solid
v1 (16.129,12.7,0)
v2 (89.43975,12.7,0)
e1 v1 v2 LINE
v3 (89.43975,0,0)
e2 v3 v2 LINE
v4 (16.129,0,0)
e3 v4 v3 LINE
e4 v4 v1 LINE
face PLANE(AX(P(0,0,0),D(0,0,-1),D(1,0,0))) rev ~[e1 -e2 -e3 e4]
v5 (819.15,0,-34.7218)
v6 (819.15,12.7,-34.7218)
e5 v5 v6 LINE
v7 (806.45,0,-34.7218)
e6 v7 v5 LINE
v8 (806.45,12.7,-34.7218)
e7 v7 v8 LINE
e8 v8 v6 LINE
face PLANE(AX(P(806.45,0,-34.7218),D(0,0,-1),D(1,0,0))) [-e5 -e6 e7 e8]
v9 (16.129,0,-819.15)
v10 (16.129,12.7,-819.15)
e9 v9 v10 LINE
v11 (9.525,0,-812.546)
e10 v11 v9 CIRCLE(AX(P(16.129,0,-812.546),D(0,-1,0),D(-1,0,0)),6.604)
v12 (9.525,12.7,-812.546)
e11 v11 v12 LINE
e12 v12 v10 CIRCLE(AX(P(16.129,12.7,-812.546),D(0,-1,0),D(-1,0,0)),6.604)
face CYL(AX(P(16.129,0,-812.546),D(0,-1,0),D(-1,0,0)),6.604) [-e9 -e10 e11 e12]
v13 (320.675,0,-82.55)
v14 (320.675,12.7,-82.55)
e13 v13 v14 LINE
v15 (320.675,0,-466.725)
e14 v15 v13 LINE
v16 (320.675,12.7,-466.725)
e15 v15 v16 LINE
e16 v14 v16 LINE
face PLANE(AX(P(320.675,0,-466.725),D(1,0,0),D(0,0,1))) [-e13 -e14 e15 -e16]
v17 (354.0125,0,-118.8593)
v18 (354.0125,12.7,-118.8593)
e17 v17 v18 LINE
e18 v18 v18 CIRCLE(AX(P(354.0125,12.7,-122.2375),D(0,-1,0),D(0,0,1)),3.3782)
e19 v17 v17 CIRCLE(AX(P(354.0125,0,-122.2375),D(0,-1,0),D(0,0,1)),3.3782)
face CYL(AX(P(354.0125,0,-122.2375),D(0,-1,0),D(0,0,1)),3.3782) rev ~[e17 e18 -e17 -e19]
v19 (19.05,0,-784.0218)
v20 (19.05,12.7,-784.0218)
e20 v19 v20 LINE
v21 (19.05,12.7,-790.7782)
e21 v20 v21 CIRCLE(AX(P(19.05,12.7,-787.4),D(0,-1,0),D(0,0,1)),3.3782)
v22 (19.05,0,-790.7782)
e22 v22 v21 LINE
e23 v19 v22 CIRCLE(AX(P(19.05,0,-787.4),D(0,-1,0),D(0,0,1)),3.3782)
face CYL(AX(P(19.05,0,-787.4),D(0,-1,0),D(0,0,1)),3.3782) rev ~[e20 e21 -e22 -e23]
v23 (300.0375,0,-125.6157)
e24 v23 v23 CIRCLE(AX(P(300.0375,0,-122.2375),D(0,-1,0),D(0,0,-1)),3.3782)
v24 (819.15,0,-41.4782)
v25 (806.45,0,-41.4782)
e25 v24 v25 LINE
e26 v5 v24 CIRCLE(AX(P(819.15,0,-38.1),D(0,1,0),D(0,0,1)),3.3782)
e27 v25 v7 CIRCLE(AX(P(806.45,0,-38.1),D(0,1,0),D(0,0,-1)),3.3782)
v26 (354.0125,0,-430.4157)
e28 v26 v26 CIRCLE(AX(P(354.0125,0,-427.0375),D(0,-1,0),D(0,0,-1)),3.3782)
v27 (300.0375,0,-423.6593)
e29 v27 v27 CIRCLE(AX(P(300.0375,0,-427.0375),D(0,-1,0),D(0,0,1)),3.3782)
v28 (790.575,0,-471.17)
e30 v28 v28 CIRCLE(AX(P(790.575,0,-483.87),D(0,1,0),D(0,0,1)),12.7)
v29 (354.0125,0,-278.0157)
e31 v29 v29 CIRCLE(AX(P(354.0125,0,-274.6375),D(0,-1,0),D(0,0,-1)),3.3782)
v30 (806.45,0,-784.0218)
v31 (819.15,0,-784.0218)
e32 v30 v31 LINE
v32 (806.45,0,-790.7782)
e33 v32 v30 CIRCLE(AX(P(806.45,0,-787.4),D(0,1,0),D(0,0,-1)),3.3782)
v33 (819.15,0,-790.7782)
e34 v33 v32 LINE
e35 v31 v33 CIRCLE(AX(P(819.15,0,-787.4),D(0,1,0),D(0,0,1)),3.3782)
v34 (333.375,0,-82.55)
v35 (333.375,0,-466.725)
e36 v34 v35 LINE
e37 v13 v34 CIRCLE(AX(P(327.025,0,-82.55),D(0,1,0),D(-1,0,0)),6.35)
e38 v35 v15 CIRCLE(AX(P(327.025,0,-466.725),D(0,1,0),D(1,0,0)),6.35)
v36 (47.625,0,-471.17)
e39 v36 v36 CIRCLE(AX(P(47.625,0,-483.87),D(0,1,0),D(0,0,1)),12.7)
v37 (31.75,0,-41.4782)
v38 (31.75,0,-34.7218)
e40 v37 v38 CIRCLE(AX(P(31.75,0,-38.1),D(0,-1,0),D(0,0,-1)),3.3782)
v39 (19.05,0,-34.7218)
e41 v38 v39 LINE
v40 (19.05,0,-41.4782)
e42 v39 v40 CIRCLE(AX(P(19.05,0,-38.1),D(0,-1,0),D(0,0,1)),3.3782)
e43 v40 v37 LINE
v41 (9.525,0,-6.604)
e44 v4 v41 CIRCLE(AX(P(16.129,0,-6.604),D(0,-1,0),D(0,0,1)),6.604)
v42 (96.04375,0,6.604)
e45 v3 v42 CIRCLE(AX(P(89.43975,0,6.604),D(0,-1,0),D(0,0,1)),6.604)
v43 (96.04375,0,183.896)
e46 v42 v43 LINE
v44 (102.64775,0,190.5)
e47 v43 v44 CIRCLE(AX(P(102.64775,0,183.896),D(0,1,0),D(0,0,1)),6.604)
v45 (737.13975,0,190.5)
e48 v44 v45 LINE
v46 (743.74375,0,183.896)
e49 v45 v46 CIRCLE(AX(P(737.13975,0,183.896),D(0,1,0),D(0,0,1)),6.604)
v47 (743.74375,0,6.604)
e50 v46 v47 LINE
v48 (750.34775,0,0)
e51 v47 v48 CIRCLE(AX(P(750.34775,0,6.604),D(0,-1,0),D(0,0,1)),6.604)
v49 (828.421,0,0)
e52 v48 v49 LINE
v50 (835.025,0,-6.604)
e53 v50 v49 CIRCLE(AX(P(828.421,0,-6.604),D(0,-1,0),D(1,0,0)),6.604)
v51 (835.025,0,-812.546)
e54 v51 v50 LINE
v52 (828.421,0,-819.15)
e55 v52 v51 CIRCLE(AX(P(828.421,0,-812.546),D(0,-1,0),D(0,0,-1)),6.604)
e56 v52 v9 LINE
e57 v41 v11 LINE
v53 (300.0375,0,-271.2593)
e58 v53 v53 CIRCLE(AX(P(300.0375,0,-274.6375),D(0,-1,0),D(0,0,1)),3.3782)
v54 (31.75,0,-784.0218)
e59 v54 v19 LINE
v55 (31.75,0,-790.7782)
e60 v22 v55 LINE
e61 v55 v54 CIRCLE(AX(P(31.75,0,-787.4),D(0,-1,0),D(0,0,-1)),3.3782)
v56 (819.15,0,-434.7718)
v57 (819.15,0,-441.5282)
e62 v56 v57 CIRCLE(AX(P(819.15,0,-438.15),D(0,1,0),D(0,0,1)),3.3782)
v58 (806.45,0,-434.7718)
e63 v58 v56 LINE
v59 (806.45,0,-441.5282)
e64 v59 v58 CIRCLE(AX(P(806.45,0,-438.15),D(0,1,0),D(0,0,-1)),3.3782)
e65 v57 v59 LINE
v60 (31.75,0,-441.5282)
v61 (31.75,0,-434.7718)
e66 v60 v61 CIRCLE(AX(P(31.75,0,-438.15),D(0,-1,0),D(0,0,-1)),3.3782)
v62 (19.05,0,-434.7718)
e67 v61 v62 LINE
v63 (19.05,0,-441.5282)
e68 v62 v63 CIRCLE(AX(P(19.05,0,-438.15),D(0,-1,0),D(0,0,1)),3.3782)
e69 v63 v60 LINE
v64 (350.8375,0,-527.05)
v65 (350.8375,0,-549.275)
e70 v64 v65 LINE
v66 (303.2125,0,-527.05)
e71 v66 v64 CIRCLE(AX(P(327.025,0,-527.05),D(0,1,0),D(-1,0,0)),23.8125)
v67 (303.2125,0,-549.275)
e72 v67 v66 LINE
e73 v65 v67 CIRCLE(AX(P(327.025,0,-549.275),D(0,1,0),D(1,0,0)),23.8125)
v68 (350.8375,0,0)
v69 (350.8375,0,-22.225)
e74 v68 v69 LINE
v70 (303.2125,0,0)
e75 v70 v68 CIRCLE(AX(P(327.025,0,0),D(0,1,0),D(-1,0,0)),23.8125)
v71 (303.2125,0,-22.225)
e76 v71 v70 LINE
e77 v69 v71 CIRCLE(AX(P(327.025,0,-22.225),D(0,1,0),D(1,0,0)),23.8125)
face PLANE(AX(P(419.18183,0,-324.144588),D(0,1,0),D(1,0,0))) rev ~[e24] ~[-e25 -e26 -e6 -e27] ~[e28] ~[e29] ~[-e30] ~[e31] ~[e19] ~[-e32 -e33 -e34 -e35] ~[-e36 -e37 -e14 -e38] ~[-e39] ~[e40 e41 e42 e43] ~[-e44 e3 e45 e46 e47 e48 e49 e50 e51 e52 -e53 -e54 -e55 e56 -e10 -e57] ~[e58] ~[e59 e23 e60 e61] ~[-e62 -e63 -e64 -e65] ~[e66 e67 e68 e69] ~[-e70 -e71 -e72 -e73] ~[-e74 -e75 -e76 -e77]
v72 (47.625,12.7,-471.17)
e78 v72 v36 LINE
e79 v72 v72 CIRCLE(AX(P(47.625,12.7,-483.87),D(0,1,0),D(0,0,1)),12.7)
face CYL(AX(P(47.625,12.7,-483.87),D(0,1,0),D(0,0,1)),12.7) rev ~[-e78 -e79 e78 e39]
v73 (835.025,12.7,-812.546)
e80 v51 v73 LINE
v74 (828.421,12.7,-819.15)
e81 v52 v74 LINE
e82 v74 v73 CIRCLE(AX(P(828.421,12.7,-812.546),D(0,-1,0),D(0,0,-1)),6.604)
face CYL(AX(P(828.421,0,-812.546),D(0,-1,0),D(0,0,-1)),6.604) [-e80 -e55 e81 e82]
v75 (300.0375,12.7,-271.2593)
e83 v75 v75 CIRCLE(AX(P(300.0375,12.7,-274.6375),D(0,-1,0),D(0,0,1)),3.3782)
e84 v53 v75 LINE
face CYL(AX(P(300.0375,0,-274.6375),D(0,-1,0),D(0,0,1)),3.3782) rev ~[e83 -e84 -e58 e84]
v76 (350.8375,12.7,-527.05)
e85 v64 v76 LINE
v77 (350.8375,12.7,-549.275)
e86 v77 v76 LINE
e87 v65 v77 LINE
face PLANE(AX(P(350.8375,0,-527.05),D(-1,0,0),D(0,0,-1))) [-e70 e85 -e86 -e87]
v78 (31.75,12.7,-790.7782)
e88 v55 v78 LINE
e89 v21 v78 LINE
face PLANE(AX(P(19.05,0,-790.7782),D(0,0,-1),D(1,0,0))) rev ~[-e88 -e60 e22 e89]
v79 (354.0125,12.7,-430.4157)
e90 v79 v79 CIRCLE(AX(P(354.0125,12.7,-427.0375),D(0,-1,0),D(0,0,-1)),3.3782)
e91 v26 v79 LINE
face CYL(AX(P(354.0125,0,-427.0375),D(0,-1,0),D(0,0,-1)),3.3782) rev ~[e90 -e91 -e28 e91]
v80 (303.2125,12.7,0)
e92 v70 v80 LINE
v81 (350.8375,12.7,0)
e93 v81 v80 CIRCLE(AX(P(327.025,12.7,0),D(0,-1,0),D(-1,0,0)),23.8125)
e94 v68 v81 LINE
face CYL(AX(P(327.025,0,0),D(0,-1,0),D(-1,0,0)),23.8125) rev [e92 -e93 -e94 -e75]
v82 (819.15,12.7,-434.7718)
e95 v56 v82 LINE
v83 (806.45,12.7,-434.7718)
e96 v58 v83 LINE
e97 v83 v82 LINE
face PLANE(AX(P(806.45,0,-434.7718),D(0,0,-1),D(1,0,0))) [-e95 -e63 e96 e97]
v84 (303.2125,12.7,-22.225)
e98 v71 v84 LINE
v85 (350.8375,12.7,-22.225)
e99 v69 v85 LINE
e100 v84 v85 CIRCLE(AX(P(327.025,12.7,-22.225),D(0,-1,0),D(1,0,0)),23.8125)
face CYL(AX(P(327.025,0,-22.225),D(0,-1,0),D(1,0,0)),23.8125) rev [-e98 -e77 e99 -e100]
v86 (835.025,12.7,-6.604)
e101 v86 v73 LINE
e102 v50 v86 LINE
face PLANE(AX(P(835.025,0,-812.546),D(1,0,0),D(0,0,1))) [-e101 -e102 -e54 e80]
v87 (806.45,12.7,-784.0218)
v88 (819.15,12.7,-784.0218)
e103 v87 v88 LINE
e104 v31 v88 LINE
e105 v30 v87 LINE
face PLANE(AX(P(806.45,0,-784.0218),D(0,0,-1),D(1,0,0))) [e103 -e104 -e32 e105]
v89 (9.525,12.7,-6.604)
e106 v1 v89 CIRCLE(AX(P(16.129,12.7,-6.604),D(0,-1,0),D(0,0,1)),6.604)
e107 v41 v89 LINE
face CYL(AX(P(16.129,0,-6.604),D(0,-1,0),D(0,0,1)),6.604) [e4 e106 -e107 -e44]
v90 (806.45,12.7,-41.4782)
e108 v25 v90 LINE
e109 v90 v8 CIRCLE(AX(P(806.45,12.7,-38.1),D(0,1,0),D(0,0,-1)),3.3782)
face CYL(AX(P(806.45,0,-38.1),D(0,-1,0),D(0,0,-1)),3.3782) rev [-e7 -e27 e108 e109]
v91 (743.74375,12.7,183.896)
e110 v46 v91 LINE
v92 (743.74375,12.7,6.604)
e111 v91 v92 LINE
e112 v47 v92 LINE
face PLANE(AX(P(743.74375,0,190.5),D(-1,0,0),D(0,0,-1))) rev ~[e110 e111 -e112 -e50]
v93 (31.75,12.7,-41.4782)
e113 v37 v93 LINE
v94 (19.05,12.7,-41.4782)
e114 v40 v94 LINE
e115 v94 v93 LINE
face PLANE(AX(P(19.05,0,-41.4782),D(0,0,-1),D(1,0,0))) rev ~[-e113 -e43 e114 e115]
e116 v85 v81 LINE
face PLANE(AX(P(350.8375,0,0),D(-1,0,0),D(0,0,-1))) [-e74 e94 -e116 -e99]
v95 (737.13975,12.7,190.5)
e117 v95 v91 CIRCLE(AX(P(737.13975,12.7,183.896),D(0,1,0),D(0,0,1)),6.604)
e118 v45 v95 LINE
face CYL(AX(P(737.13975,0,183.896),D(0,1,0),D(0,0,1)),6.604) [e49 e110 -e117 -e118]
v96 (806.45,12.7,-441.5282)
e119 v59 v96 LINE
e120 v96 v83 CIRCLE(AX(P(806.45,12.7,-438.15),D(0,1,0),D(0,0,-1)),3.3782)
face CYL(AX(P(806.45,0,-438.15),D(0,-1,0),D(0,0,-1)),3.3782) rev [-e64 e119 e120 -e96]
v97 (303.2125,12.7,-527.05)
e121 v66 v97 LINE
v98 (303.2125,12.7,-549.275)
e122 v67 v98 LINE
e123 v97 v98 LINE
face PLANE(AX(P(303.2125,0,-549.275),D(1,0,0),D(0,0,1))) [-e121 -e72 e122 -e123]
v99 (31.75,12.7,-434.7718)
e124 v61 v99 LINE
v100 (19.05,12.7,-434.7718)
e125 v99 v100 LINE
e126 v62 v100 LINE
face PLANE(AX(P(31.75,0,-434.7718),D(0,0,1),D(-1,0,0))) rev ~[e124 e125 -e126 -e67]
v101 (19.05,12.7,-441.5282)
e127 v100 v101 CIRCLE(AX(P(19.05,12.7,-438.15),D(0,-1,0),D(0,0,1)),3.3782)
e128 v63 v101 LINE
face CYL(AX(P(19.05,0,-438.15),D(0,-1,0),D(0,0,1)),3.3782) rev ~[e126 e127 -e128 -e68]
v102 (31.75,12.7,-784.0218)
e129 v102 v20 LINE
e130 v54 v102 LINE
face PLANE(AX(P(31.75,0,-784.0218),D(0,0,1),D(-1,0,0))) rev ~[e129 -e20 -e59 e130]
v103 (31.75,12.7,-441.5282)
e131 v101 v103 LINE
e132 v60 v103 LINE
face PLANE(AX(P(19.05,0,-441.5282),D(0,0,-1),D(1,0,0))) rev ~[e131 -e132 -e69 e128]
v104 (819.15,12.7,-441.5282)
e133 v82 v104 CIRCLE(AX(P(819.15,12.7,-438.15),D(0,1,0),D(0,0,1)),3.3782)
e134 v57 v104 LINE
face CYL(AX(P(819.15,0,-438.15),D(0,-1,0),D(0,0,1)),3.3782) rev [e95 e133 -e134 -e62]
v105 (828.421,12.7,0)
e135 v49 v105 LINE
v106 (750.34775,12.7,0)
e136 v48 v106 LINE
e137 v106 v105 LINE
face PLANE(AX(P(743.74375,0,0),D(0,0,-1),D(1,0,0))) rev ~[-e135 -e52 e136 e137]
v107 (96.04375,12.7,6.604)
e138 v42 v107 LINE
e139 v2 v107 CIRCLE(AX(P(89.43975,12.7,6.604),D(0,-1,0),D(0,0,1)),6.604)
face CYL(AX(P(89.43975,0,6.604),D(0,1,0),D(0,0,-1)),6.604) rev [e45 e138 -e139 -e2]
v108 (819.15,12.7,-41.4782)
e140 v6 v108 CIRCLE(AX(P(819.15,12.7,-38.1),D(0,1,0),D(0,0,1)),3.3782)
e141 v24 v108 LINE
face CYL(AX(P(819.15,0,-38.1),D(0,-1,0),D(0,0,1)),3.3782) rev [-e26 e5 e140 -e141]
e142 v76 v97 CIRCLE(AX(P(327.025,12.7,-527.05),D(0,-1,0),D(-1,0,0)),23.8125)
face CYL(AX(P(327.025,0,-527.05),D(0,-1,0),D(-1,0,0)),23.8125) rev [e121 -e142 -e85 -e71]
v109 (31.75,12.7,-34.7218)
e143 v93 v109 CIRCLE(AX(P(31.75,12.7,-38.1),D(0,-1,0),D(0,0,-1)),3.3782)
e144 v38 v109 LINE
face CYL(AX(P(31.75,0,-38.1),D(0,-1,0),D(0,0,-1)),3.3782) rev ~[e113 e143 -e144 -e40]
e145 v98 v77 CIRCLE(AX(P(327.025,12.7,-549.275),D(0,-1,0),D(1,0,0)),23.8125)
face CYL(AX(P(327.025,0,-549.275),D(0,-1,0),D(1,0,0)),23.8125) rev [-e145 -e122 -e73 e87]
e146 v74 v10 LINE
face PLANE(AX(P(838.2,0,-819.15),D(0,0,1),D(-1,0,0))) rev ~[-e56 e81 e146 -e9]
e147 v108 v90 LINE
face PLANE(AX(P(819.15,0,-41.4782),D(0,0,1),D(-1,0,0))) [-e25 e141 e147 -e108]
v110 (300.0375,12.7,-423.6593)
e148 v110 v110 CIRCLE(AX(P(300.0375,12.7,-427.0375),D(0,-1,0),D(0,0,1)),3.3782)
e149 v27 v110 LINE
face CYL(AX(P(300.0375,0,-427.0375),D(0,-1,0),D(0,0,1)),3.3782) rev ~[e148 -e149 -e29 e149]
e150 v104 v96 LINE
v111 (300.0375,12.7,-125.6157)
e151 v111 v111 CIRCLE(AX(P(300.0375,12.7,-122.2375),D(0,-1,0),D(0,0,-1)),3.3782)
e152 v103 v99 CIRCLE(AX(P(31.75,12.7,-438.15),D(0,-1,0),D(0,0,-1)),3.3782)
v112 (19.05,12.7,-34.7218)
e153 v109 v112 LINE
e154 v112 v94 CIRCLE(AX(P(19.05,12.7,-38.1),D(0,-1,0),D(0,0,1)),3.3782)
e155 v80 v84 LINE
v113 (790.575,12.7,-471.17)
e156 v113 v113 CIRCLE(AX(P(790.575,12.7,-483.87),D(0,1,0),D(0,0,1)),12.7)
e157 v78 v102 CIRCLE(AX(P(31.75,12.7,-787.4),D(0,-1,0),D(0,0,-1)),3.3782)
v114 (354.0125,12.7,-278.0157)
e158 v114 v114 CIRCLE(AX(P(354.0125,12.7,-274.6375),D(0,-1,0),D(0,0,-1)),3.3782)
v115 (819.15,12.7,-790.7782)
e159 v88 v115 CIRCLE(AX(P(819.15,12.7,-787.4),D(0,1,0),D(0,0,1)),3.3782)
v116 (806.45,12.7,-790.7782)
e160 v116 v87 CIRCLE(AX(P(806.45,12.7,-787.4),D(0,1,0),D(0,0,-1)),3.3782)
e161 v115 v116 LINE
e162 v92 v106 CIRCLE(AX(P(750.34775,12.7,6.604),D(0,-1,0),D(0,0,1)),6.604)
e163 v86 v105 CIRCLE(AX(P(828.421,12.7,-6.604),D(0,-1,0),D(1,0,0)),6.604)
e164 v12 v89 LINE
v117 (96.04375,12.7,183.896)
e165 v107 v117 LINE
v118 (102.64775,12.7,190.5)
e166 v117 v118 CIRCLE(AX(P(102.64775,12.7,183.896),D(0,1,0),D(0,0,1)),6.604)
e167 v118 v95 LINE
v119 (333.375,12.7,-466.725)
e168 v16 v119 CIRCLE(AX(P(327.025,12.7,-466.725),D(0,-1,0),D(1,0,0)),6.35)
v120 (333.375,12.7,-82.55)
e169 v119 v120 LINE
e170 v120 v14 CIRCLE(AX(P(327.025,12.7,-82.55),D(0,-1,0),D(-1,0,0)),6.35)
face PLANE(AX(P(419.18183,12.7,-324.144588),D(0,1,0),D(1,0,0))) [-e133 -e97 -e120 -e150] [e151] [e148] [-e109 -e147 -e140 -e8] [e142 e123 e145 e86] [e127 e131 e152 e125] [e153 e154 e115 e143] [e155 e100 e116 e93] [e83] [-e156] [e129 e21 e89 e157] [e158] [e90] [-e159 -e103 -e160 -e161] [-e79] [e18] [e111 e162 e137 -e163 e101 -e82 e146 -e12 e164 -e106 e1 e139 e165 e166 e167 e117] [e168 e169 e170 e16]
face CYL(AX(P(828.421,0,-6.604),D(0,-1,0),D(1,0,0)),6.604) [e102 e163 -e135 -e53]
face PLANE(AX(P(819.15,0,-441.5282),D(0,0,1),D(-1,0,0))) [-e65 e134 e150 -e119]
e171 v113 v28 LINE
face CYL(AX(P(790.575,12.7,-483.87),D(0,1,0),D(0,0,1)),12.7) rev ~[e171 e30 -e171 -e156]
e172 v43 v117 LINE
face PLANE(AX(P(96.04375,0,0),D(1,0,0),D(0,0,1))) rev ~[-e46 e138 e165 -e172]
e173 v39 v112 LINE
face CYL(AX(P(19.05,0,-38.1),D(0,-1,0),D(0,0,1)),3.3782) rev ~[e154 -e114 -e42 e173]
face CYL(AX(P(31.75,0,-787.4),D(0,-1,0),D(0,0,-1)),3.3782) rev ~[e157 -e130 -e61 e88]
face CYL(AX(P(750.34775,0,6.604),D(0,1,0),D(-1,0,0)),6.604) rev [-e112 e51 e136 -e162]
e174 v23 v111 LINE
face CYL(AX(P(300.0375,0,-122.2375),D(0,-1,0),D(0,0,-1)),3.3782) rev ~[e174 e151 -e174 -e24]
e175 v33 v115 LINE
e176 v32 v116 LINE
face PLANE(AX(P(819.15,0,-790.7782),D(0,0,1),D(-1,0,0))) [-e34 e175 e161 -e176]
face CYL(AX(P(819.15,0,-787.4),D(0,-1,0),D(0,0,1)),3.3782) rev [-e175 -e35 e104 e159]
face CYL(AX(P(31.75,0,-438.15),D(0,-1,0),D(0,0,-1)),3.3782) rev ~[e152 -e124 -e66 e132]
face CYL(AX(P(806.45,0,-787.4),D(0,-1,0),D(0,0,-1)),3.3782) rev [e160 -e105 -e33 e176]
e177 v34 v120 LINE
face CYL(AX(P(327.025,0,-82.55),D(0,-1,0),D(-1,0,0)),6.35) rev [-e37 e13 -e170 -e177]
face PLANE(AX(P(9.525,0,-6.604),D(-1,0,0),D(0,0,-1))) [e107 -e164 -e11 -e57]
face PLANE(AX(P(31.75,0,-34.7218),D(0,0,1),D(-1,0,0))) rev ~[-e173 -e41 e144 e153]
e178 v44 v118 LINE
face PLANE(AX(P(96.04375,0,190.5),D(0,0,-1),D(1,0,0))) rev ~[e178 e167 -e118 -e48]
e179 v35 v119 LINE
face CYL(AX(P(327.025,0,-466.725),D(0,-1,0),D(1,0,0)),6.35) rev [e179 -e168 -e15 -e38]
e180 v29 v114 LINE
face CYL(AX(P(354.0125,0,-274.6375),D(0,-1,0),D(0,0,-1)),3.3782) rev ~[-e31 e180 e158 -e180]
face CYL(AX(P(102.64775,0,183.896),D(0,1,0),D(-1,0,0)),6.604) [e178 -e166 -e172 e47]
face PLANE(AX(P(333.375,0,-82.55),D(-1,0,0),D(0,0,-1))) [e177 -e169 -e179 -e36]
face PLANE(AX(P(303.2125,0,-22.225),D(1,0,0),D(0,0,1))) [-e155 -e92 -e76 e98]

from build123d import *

# Parameters (mm, degrees)
BOSS_EXTRUDE1_DEPTH = 12.7
FILLET1_R           = 6.604
FILLET2_R           = 6.604
SKETCH2_R           = 12.7
CUT_EXTRUDE1_DEPTH  = 1173.069644902
CUT_EXTRUDE3_DEPTH  = 1173.069644902
CUT_EXTRUDE4_DEPTH  = 1173.069644902
SKETCH6_R           = 3.3782
CUT_EXTRUDE5_DEPTH  = 1173.069644902
CUT_EXTRUDE6_DEPTH  = 1173.069644902


with BuildPart() as part:
    # Sketch1 → Boss-Extrude1 (new body)
    with BuildSketch(Plane(origin=(0, 0, 0), x_dir=(1, 0, 0), z_dir=(0, 1, 0))):
        Polygon((0, 0), (96.04375, 0), (96.04375, -190.5), (743.74375, -190.5), (743.74375, 0), (838.2, 0), (838.2, 819.15), (0, 819.15), align=None)
        with BuildLine():
            Line((19.05, 41.4782), (31.75, 41.4782))
            ThreePointArc((31.75, 41.4782), (35.1282, 38.1), (31.75, 34.7218))
            Line((31.75, 34.7218), (19.05, 34.7218))
            ThreePointArc((19.05, 34.7218), (15.6718, 38.1), (19.05, 41.4782))
        make_face(mode=Mode.SUBTRACT)
        with BuildLine():
            Line((19.05, 441.5282), (31.75, 441.5282))
            ThreePointArc((31.75, 441.5282), (35.1282, 438.15), (31.75, 434.7718))
            Line((31.75, 434.7718), (19.05, 434.7718))
            ThreePointArc((19.05, 434.7718), (15.6718, 438.15), (19.05, 441.5282))
        make_face(mode=Mode.SUBTRACT)
        with BuildLine():
            Line((31.75, 784.0218), (19.05, 784.0218))
            ThreePointArc((19.05, 784.0218), (15.6718, 787.4), (19.05, 790.7782))
            Line((19.05, 790.7782), (31.75, 790.7782))
            ThreePointArc((31.75, 790.7782), (35.1282, 787.4), (31.75, 784.0218))
        make_face(mode=Mode.SUBTRACT)
        with BuildLine():
            Line((806.45, 784.0218), (819.15, 784.0218))
            ThreePointArc((819.15, 784.0218), (822.5282, 787.4), (819.15, 790.7782))
            Line((819.15, 790.7782), (806.45, 790.7782))
            ThreePointArc((806.45, 790.7782), (803.0718, 787.4), (806.45, 784.0218))
        make_face(mode=Mode.SUBTRACT)
        with BuildLine():
            Line((819.15, 441.5282), (806.45, 441.5282))
            ThreePointArc((806.45, 441.5282), (803.0718, 438.15), (806.45, 434.7718))
            Line((806.45, 434.7718), (819.15, 434.7718))
            ThreePointArc((819.15, 434.7718), (822.5282, 438.15), (819.15, 441.5282))
        make_face(mode=Mode.SUBTRACT)
        with BuildLine():
            Line((819.15, 41.4782), (806.45, 41.4782))
            ThreePointArc((806.45, 41.4782), (803.0718, 38.1), (806.45, 34.7218))
            Line((806.45, 34.7218), (819.15, 34.7218))
            ThreePointArc((819.15, 34.7218), (822.5282, 38.1), (819.15, 41.4782))
        make_face(mode=Mode.SUBTRACT)
    extrude(amount=BOSS_EXTRUDE1_DEPTH)

    # Fillet1
    fillet1_edges = [part.edges().sort_by_distance(p)[0] for p in [
        (743.74375, 6.35, 0),
        (96.04375, 6.35, 0),
    ]]
    fillet(fillet1_edges, radius=FILLET1_R)

    # Fillet2
    fillet2_edges = [part.edges().sort_by_distance(p)[0] for p in [
        (0, 6.35, -819.15),
        (838.2, 6.35, -819.15),
        (838.2, 6.35, 0),
        (743.74375, 6.35, 190.5),
        (96.04375, 6.35, 190.5),
        (0, 6.35, 0),
    ]]
    fillet(fillet2_edges, radius=FILLET2_R)

    # Sketch2 → Cut-Extrude1 (cut, through all)
    with BuildSketch(Plane(origin=(0, 12.7, 0), x_dir=(1, 0, 0), z_dir=(0, 1, 0))):
        with Locations(Location((47.625, 483.87, 0), (0, 0, 270))):
            Circle(SKETCH2_R)
        with Locations(Location((790.575, 483.87, 0), (0, 0, 270))):
            Circle(SKETCH2_R)
    extrude(amount=-CUT_EXTRUDE1_DEPTH, mode=Mode.SUBTRACT)

    # Sketch4 → Cut-Extrude3 (cut, through all)
    with BuildSketch(Plane.XZ):
        with BuildLine():
            Line((350.8375, -527.05), (350.8375, -549.275))
            ThreePointArc((350.8375, -549.275), (327.025, -573.0875), (303.2125, -549.275))
            Line((303.2125, -549.275), (303.2125, -527.05))
            ThreePointArc((303.2125, -527.05), (327.025, -503.2375), (350.8375, -527.05))
        make_face()
        with BuildLine():
            Line((350.8375, 0), (350.8375, -22.225))
            ThreePointArc((350.8375, -22.225), (327.025, -46.0375), (303.2125, -22.225))
            Line((303.2125, -22.225), (303.2125, 0))
            ThreePointArc((303.2125, 0), (327.025, 23.8125), (350.8375, 0))
        make_face()
    extrude(amount=-CUT_EXTRUDE3_DEPTH, mode=Mode.SUBTRACT)

    # Sketch5 → Cut-Extrude4 (cut, through all)
    with BuildSketch(Plane.XZ):
        with BuildLine():
            Line((320.675, -466.725), (320.675, -82.55))
            ThreePointArc((320.675, -82.55), (327.025, -76.2), (333.375, -82.55))
            Line((333.375, -82.55), (333.375, -466.725))
            ThreePointArc((333.375, -466.725), (327.025, -473.075), (320.675, -466.725))
        make_face()
    extrude(amount=-CUT_EXTRUDE4_DEPTH, mode=Mode.SUBTRACT)

    # Sketch6 → Cut-Extrude5 (cut, through all)
    with BuildSketch(Plane.XZ):
        with Locations(Location((354.0125, -274.6375, 0), (0, 0, 270))):
            Circle(SKETCH6_R)
        with Locations(Location((354.0125, -427.0375, 0), (0, 0, 270))):
            Circle(SKETCH6_R)
        with Locations(Location((354.0125, -122.2375, 0), (0, 0, 90))):
            Circle(SKETCH6_R)
        with Locations(Location((300.0375, -427.0375, 0), (0, 0, 90))):
            Circle(SKETCH6_R)
        with Locations(Location((300.0375, -274.6375, 0), (0, 0, 90))):
            Circle(SKETCH6_R)
        with Locations(Location((300.0375, -122.2375, 0), (0, 0, 270))):
            Circle(SKETCH6_R)
    extrude(amount=-CUT_EXTRUDE5_DEPTH, mode=Mode.SUBTRACT)

    # Sketch7 → Cut-Extrude6 (cut, through all)
    with BuildSketch(Plane.XZ):
        with BuildLine():
            ThreePointArc((828.421, -819.15), (833.090733183, -817.215733183), (835.025, -812.546))
            Line((835.025, -812.546), (835.025, -6.604))
            ThreePointArc((835.025, -6.604), (833.090733183, -1.934266817), (828.421, 0))
            Line((828.421, 0), (831.596, 0))
            ThreePointArc((831.596, 0), (836.265733183, -1.934266817), (838.2, -6.604))
            Line((838.2, -6.604), (838.2, -812.546))
            ThreePointArc((838.2, -812.546), (836.265733183, -817.215733183), (831.596, -819.15))
            Line((831.596, -819.15), (828.421, -819.15))
        make_face()
        with BuildLine():
            ThreePointArc((9.525, -812.546), (11.459266817, -817.215733183), (16.129, -819.15))
            Line((16.129, -819.15), (6.604, -819.15))
            ThreePointArc((6.604, -819.15), (1.934266817, -817.215733183), (0, -812.546))
            Line((0, -812.546), (0, -6.604))
            ThreePointArc((0, -6.604), (1.934266817, -1.934266817), (6.604, 0))
            Line((6.604, 0), (16.129, 0))
            ThreePointArc((16.129, 0), (11.459266817, -1.934266817), (9.525, -6.604))
            Line((9.525, -6.604), (9.525, -812.546))
        make_face()
    extrude(amount=-CUT_EXTRUDE6_DEPTH, mode=Mode.SUBTRACT)


solid = part.part
